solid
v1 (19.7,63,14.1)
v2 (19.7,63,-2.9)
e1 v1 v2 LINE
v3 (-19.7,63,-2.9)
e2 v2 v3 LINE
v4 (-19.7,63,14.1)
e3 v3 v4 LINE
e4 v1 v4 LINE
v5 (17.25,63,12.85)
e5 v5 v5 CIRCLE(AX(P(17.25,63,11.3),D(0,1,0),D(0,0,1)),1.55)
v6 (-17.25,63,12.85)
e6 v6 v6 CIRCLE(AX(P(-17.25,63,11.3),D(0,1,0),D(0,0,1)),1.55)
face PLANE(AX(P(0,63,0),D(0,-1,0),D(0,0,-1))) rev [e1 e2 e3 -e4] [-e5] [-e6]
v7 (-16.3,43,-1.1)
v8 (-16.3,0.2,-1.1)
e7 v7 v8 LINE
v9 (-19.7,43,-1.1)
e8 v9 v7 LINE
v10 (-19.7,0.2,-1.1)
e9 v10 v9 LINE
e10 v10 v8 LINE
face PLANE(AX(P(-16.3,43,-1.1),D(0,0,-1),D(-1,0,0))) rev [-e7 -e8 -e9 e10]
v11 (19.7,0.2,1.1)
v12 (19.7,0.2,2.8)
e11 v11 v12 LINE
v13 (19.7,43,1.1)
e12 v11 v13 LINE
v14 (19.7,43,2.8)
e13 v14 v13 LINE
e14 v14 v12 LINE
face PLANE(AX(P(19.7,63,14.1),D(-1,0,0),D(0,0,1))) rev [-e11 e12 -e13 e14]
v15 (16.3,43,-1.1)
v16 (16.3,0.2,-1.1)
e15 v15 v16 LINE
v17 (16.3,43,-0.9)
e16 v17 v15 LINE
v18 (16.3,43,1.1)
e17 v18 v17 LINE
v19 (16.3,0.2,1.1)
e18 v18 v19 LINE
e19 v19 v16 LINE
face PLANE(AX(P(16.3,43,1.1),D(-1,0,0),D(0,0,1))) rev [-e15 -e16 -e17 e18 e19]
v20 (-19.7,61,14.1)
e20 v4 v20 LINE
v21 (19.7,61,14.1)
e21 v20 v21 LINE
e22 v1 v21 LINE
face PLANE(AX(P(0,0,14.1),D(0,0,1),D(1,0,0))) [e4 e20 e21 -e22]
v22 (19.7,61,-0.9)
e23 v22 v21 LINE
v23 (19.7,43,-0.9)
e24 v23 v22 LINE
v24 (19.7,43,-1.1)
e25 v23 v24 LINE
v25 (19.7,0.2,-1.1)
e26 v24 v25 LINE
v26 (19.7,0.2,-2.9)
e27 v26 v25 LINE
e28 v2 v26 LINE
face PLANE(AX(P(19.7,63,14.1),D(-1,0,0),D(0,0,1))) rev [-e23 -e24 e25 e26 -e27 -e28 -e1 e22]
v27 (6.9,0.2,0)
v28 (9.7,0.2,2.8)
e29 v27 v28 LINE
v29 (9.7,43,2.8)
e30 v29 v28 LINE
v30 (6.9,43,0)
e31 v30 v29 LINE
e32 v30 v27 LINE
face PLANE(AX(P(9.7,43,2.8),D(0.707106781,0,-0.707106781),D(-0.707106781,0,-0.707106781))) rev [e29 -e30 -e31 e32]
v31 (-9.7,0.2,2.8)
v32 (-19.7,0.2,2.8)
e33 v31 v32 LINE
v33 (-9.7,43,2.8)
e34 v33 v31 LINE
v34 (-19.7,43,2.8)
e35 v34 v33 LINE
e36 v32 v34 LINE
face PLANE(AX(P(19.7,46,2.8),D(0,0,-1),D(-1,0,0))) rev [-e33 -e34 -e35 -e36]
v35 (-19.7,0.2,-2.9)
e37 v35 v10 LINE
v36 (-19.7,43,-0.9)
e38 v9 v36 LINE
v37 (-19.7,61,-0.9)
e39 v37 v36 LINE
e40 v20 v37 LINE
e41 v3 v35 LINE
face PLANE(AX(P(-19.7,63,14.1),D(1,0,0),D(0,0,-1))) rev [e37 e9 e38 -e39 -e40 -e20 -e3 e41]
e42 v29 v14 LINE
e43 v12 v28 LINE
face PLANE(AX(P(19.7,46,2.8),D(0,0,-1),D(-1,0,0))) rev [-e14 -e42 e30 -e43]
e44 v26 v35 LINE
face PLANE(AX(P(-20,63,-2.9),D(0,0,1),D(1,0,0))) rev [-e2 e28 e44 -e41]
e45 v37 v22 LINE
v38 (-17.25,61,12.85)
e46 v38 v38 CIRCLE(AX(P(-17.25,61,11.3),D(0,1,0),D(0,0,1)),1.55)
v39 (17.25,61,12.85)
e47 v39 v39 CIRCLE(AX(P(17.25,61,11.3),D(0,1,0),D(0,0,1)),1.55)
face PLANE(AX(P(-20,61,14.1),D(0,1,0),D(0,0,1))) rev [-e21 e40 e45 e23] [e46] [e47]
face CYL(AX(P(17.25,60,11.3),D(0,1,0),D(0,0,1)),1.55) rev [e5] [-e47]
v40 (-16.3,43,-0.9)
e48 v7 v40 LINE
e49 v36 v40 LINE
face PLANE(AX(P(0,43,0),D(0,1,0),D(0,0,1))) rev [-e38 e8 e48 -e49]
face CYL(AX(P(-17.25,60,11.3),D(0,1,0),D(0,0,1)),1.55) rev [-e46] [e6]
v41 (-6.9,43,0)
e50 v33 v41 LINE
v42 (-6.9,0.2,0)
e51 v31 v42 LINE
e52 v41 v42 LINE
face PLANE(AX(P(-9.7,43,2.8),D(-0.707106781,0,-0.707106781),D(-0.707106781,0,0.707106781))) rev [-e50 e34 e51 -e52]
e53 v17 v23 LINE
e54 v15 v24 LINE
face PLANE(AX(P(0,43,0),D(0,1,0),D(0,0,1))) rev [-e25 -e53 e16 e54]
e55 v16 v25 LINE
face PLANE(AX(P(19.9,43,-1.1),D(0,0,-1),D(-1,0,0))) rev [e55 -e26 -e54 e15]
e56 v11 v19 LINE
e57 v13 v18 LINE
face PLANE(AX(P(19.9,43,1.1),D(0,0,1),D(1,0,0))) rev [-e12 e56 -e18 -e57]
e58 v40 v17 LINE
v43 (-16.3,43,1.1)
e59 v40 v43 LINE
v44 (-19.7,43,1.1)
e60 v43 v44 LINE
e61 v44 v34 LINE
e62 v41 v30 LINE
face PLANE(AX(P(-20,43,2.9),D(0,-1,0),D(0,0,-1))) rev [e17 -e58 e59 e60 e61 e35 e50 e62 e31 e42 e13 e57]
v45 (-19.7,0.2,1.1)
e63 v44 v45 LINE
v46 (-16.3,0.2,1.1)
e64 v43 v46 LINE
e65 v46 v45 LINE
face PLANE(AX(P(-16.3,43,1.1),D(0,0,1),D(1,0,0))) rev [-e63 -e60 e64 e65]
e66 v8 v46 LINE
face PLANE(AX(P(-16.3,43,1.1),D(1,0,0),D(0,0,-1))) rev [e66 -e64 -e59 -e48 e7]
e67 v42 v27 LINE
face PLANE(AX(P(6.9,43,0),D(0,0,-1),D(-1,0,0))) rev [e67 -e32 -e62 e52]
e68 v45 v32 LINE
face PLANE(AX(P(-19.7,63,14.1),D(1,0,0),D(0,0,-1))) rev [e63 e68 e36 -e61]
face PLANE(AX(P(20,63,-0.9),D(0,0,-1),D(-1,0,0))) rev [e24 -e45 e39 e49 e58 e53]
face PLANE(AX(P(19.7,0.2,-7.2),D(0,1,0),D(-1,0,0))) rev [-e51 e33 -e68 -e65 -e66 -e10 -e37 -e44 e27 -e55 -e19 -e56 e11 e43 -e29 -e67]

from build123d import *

# Parameters (mm, degrees)
RESSALTO_EXTRUS_O1_DEPTH = 63
ESBO_O2_W                = 3.8
ESBO_O2_H                = 20
CORTE_EXTRUS_O1_DEPTH    = 41
ESBO_O3_W                = 40
ESBO_O3_H                = 2
RESSALTO_EXTRUS_O2_DEPTH = 15
ESBO_O4_R                = 1.55
CORTE_EXTRUS_O2_DEPTH    = 3
ESBO_O5_W                = 0.3
ESBO_O5_H                = 17
CORTE_EXTRUS_O3_DEPTH    = 64
ESBO_O6_W                = 3.6
ESBO_O6_H                = 2.2
CORTE_EXTRUS_O4_DEPTH    = 43
ESBO_O7_W                = 39.4
ESBO_O7_H                = 0.1
CORTE_EXTRUS_O5_DEPTH    = 46
CORTE_EXTRUS_O6_DEPTH    = 43
ESBO_O9_W                = 39.4
ESBO_O9_H                = 0.2
CORTE_EXTRUS_O7_DEPTH    = 10


with BuildPart() as part:
    # Esboço1 → Ressalto-extrusão1 (new body)
    with BuildSketch(Plane(origin=(0, 0, 0), x_dir=(1, 0, 0), z_dir=(0, 1, 0))):
        Polygon((-20, 2.9), (20, 2.9), (20, 0.9), (16.5, 0.9), (16.5, -0.9), (20, -0.9), (20, -2.9), (-20, -2.9), (-20, -0.9), (-16.5, -0.9), (-16.5, 0.9), (-20, 0.9), align=None)
    extrude(amount=RESSALTO_EXTRUS_O1_DEPTH)

    # Esboço2 → Corte-extrusão1 (cut, through all)
    with BuildSketch(Plane(origin=(20, 0, 0), x_dir=(0, 0, -1), z_dir=(1, 0, 0))):
        with Locations((-1, 53)):
            Rectangle(ESBO_O2_W, ESBO_O2_H)
    extrude(amount=-CORTE_EXTRUS_O1_DEPTH, mode=Mode.SUBTRACT)

    # Esboço3 → Ressalto-extrusão2 (add)
    with BuildSketch(Plane.XY.offset(-0.9)):
        with Locations((0, 62)):
            Rectangle(ESBO_O3_W, ESBO_O3_H)
    extrude(amount=RESSALTO_EXTRUS_O2_DEPTH)

    # Esboço4 → Corte-extrusão2 (cut)
    with BuildSketch(Plane(origin=(0, 63, 0), x_dir=(1, 0, 0), z_dir=(0, 1, 0))):
        with Locations((-17.25, -11.3)):
            Circle(ESBO_O4_R)
        with Locations((17.25, -11.3)):
            Circle(ESBO_O4_R)
    extrude(amount=-CORTE_EXTRUS_O2_DEPTH, mode=Mode.SUBTRACT)

    # Esboço5 → Corte-extrusão3 (cut, through all)
    with BuildSketch(Plane.XZ):
        with Locations((-19.85, 5.6)):
            Rectangle(ESBO_O5_W, ESBO_O5_H)
        with Locations((19.85, 5.6)):
            Rectangle(ESBO_O5_W, ESBO_O5_H)
    extrude(amount=-CORTE_EXTRUS_O3_DEPTH, mode=Mode.SUBTRACT)

    # Esboço6 → Corte-extrusão4 (cut)
    with BuildSketch(Plane.XZ):
        with Locations((18.1, 0)):
            Rectangle(ESBO_O6_W, ESBO_O6_H)
        with Locations((-18.1, 0)):
            Rectangle(ESBO_O6_W, ESBO_O6_H)
    extrude(amount=-CORTE_EXTRUS_O4_DEPTH, mode=Mode.SUBTRACT)

    # Esboço7 → Corte-extrusão5 (cut)
    with BuildSketch(Plane.XZ):
        with Locations((0, 2.85)):
            Rectangle(ESBO_O7_W, ESBO_O7_H)
    extrude(amount=-CORTE_EXTRUS_O5_DEPTH, mode=Mode.SUBTRACT)

    # Esboço8 → Corte-extrusão6 (cut)
    with BuildSketch(Plane.XZ):
        Polygon((9.7, 2.8), (6.9, 0), (-6.135691889, 0), (-6.9, 0), (-9.7, 2.8), align=None)
    extrude(amount=-CORTE_EXTRUS_O6_DEPTH, mode=Mode.SUBTRACT)

    # Esboço9 → Corte-extrusão7 (cut)
    with BuildSketch(Plane.XY.offset(2.8)):
        with Locations((0, 0.1)):
            Rectangle(ESBO_O9_W, ESBO_O9_H)
    extrude(amount=-CORTE_EXTRUS_O7_DEPTH, mode=Mode.SUBTRACT)


solid = part.part
